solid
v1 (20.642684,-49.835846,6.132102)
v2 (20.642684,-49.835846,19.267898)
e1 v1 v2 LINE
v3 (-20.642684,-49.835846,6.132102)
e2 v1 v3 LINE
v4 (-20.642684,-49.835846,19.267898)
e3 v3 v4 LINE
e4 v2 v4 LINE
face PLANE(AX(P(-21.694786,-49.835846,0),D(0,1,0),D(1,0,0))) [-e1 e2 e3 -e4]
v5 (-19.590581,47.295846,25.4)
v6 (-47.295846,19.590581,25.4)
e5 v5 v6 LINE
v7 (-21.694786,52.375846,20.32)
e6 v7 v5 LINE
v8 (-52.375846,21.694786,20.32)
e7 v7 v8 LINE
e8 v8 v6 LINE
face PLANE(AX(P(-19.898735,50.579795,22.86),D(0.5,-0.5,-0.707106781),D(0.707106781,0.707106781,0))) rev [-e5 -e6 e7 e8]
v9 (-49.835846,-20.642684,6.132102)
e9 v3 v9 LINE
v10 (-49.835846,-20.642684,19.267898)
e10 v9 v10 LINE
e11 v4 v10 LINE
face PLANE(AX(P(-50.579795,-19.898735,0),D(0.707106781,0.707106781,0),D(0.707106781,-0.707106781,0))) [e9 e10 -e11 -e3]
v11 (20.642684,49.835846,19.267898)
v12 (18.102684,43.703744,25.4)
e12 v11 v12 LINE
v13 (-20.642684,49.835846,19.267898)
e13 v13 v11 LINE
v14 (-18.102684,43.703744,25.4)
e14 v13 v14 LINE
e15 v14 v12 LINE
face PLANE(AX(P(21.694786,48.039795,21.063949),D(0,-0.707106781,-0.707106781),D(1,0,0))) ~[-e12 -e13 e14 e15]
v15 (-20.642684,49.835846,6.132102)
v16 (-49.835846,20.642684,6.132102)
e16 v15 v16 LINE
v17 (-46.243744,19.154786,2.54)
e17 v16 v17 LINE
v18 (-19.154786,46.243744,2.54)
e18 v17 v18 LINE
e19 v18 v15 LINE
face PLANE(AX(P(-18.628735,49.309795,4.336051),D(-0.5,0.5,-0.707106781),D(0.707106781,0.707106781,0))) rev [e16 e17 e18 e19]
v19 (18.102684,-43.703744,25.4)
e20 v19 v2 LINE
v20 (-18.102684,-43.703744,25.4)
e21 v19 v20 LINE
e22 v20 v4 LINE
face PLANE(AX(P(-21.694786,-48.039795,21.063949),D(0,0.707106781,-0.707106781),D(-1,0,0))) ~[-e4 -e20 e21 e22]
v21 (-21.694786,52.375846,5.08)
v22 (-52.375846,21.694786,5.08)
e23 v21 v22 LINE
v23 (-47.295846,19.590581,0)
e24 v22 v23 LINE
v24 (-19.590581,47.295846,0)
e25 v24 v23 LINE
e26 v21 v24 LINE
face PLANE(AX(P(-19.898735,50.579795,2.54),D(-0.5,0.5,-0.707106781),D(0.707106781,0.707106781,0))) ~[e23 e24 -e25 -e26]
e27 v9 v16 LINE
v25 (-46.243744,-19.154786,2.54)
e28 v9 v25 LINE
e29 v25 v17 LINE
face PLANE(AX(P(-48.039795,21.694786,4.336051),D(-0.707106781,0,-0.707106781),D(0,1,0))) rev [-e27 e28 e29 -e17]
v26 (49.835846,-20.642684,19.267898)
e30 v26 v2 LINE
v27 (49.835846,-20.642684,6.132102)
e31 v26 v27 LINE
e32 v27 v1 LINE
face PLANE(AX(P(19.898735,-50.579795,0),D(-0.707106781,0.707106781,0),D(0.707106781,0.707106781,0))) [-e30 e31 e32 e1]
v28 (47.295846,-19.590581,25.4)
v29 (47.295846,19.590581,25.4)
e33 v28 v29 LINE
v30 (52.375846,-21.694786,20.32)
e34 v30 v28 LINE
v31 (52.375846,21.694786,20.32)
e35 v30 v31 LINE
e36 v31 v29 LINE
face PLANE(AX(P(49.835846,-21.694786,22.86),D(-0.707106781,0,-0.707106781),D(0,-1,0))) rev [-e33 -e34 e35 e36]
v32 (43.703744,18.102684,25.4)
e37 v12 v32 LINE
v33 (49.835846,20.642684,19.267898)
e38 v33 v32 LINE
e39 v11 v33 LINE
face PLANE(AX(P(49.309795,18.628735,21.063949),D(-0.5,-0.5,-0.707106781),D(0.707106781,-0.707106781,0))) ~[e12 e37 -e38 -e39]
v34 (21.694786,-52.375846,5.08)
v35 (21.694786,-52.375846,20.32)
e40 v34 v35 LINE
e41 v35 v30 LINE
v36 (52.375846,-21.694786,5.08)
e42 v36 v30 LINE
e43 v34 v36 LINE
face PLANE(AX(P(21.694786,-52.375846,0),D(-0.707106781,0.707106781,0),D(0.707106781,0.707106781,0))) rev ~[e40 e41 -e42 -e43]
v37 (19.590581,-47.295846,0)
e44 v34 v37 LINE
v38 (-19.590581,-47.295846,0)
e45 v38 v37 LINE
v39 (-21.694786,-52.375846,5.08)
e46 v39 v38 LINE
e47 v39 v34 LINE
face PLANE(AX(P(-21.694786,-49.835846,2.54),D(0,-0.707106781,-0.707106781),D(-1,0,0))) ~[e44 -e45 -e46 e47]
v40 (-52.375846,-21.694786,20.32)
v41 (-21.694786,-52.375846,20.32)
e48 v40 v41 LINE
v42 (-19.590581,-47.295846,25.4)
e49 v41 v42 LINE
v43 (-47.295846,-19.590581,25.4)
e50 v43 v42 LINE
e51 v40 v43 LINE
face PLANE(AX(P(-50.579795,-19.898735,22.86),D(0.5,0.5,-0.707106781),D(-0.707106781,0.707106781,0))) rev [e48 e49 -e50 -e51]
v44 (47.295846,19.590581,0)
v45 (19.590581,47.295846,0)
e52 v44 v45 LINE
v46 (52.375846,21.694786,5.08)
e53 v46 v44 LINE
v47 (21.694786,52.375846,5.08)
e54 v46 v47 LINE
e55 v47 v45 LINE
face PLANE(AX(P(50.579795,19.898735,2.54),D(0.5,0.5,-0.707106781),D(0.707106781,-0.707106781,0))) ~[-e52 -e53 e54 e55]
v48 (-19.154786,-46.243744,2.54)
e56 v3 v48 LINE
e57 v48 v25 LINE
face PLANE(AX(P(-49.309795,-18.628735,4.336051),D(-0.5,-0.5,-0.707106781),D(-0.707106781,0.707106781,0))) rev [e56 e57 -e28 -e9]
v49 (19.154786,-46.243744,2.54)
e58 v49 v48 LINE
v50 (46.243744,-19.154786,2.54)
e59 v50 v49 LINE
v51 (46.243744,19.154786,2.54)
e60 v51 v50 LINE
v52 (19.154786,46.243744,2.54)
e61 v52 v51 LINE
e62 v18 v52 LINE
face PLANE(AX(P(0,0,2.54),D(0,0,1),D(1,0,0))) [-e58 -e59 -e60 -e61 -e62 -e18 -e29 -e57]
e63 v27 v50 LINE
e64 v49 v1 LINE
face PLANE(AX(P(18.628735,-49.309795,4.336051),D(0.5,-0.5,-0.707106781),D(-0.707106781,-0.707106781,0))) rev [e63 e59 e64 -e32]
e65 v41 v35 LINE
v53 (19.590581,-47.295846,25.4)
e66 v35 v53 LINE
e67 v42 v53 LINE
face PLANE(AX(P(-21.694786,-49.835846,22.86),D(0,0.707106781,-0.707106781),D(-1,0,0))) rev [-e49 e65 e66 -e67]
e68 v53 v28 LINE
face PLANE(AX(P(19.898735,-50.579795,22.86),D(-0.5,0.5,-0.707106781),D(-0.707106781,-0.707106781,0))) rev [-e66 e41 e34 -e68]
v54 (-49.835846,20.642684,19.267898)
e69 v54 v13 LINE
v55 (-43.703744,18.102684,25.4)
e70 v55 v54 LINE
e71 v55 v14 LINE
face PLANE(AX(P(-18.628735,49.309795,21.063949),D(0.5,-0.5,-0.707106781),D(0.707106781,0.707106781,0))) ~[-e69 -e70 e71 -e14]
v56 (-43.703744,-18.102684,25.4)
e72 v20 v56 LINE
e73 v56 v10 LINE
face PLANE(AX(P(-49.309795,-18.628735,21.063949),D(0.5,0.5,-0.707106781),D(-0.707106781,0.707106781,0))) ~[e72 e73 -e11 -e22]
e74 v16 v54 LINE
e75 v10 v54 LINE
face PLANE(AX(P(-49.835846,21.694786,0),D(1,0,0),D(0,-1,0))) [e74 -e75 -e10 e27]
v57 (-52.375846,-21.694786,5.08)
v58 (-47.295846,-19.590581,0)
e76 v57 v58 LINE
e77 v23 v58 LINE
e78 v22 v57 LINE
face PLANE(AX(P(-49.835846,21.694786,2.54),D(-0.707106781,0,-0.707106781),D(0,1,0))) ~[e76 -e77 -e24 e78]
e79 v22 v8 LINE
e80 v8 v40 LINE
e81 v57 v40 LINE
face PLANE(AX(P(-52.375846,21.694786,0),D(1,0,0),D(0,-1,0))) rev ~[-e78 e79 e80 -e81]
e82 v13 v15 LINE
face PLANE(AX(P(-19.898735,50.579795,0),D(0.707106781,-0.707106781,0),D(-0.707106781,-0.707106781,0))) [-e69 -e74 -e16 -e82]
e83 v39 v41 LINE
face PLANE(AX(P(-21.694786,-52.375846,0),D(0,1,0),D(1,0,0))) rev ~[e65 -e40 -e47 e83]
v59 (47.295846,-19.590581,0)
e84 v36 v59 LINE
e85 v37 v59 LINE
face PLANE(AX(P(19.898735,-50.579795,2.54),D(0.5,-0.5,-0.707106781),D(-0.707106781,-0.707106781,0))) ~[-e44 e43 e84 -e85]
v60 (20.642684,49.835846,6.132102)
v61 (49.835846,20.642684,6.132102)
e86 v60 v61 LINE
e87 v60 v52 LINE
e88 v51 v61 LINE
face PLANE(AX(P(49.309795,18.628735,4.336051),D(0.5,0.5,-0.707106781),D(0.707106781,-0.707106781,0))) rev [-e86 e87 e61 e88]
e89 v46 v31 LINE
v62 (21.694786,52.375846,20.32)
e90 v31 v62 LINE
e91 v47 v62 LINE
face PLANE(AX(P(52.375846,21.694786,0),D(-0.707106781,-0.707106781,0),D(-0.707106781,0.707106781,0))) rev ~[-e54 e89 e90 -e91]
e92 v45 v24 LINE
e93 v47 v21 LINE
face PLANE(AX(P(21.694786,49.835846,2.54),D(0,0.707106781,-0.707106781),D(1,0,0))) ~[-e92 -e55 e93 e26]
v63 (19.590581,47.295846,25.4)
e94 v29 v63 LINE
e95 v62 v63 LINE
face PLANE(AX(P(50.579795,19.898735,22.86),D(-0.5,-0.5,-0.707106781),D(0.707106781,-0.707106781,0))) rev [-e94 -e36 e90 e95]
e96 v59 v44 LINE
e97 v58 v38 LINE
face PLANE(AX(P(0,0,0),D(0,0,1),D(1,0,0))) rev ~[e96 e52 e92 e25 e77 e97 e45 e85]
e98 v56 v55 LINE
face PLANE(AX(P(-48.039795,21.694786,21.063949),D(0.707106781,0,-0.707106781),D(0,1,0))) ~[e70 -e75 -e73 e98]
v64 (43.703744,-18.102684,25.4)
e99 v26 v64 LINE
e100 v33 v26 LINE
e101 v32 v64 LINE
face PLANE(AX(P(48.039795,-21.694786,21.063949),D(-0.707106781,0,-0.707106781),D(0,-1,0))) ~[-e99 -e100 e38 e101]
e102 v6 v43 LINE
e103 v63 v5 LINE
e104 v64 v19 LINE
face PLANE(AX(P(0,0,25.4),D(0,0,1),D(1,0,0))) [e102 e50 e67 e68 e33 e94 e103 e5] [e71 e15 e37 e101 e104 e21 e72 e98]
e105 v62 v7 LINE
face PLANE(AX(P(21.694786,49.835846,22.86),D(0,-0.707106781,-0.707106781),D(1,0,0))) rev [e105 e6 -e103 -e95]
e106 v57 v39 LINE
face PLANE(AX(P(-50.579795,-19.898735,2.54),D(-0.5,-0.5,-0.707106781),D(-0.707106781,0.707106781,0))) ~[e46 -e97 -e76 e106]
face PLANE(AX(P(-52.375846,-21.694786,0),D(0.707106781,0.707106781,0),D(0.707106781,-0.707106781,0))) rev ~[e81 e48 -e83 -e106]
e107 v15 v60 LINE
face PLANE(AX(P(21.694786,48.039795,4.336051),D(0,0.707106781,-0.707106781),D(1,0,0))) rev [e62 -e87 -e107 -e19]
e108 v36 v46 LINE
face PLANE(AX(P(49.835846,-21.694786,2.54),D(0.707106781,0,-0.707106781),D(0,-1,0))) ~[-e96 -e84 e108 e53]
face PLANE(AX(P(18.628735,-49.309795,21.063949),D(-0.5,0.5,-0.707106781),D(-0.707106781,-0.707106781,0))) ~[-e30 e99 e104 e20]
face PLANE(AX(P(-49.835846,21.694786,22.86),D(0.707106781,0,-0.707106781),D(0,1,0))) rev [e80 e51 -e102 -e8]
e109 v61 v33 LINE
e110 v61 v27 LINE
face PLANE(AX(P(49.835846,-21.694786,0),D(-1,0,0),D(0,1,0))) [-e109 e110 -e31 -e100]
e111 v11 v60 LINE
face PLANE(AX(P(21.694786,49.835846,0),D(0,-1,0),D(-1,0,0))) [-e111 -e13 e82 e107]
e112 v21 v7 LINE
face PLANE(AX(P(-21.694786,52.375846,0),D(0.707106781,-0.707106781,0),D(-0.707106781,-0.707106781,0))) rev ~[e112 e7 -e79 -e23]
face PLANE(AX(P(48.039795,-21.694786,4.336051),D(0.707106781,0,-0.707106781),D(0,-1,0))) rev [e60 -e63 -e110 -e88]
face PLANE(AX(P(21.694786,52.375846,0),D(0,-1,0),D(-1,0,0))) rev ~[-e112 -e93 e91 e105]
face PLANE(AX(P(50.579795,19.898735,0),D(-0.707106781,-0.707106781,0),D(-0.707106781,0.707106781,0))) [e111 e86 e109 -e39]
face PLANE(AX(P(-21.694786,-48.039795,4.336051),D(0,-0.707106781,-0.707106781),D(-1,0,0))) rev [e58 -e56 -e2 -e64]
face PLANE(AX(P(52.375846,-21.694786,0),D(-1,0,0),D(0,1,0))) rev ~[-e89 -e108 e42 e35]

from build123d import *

# Parameters (mm, degrees)
F1_DEPTH = 25.4
F2_SIZE  = 5.08
F3_T     = -2.54


with BuildPart() as f1:
    # F0 (on Top) → F1 (new body)
    with BuildSketch(Plane.XY):
        Polygon((52.375846, -21.694786), (52.375846, 21.694786), (21.694786, 52.375846), (-21.694786, 52.375846), (-52.375846, 21.694786), (-52.375846, -21.694786), (-21.694786, -52.375846), (21.694786, -52.375846), align=None)
    extrude(amount=F1_DEPTH)

    # F2
    f2_edges = [f1.edges().sort_by_distance(p)[0] for p in [
        (37.035316, -37.035316, 25.4),
        (52.375846, 0, 25.4),
        (37.035316, 37.035316, 25.4),
        (0, 52.375846, 25.4),
        (-37.035316, 37.035316, 25.4),
        (-52.375846, 0, 25.4),
        (-37.035316, -37.035316, 25.4),
        (0, -52.375846, 25.4),
        (37.035316, -37.035316, 0),
        (52.375846, 0, 0),
        (37.035316, 37.035316, 0),
        (0, 52.375846, 0),
        (-37.035316, 37.035316, 0),
        (-52.375846, 0, 0),
        (-37.035316, -37.035316, 0),
        (0, -52.375846, 0),
    ]]
    chamfer(f2_edges, length=F2_SIZE)

    # F3
    f3_openings = [f1.faces().sort_by_distance(p)[0] for p in [
        (0, 0, 25.4),
    ]]
    offset(amount=F3_T, openings=f3_openings)


solid = f1.part
